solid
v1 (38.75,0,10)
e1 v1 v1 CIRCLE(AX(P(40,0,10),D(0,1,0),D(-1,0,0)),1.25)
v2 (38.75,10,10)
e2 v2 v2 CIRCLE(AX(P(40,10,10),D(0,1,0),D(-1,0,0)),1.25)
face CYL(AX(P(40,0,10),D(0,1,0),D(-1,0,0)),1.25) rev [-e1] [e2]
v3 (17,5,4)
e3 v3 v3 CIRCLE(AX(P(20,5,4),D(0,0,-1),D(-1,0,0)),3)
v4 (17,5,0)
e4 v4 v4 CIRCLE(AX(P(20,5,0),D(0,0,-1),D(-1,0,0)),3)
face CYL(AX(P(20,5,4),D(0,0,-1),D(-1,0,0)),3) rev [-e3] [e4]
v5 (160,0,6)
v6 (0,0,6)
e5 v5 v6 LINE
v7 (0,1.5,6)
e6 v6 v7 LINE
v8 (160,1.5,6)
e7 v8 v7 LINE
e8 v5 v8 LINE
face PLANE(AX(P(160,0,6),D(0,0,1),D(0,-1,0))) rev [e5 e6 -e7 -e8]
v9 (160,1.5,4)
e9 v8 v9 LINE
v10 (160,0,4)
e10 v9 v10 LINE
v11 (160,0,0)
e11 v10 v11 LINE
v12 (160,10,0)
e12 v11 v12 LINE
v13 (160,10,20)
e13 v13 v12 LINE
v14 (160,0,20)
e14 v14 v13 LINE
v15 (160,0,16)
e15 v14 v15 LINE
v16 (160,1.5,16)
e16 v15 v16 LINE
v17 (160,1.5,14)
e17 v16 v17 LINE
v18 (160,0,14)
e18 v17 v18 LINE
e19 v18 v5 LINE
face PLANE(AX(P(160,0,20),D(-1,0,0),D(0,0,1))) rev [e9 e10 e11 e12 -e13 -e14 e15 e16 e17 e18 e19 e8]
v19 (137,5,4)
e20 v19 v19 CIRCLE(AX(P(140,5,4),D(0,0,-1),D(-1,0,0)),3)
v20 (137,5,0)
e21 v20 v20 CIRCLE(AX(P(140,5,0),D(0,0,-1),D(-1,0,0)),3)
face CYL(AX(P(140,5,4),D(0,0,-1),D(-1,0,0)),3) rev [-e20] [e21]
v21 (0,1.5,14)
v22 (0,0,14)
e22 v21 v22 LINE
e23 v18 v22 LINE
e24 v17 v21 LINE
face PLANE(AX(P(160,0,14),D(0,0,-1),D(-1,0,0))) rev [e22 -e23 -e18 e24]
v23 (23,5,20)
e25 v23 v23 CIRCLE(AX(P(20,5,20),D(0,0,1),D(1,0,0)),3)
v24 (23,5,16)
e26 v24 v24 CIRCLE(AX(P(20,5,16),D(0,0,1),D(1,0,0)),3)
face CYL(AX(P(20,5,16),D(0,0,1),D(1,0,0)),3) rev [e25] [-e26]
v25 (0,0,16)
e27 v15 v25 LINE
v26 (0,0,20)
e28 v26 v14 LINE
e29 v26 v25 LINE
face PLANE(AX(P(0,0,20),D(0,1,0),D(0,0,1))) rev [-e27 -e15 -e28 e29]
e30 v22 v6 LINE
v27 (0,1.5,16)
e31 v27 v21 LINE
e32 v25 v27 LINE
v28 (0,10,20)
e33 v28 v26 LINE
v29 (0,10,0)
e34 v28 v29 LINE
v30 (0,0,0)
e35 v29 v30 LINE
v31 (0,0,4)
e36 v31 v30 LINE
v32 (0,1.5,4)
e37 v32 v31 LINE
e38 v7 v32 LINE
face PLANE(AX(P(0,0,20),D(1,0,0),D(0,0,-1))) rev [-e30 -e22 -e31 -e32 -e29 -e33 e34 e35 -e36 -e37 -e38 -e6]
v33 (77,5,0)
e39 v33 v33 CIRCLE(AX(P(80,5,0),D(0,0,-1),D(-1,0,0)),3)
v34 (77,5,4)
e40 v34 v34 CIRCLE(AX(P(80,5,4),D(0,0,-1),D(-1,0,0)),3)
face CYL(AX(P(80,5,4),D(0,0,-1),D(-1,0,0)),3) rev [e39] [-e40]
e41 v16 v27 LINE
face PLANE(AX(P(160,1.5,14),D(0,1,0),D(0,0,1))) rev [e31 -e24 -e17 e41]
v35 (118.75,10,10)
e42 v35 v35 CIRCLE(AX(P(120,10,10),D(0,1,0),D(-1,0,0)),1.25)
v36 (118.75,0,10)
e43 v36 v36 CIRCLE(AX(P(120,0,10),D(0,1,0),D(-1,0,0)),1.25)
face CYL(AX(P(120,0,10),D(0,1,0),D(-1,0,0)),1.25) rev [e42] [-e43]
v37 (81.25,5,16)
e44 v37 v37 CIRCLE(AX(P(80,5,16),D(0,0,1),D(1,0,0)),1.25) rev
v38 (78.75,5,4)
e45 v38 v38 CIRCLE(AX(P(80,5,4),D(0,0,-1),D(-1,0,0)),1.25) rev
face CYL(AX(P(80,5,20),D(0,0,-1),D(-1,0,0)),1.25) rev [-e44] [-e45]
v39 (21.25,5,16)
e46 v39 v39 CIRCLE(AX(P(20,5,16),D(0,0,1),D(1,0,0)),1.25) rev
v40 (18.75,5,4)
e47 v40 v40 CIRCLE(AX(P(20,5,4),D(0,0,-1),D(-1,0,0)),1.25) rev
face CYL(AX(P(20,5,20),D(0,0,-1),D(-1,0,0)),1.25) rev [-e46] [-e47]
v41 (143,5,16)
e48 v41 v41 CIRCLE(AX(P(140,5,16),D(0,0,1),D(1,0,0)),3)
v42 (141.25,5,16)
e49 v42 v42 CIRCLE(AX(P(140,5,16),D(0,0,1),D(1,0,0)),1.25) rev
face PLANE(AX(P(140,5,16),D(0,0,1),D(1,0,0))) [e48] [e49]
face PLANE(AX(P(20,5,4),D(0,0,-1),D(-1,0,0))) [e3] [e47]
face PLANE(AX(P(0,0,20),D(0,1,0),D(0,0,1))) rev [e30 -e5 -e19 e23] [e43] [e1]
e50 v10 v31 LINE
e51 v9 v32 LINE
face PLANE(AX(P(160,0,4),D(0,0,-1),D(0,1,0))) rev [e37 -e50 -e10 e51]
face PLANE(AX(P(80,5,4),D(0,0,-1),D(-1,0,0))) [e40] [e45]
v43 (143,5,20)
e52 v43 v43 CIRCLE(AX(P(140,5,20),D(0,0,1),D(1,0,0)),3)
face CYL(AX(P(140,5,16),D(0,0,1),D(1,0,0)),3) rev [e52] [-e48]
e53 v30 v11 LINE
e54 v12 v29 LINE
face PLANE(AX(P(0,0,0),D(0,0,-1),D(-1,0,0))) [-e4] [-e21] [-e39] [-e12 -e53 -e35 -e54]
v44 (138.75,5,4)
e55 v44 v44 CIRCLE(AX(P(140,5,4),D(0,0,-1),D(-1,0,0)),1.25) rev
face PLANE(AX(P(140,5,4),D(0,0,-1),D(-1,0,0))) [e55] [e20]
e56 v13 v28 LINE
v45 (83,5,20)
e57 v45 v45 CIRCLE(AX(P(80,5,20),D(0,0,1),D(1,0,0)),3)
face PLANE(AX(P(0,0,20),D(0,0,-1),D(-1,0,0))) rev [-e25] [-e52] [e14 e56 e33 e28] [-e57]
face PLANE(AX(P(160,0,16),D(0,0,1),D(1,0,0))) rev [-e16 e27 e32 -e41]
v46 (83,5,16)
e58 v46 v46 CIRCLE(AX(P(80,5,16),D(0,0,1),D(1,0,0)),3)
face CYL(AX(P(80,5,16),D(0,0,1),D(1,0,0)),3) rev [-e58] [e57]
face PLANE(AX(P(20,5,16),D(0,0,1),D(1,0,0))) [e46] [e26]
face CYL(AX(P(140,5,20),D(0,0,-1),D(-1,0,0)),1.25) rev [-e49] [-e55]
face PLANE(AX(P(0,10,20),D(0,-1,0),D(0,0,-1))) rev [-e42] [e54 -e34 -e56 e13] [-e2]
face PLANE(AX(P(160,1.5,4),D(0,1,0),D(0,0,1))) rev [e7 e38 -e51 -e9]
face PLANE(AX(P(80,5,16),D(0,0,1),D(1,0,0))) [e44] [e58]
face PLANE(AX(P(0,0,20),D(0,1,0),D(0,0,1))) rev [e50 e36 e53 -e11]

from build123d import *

# Parameters (mm, degrees)
IZIM1_W                     = 160
IZIM1_H                     = 10
Y_KSEKLIK_EKSTR_ZYON1_DEPTH = 20
IZIM6_W                     = 2
IZIM6_H                     = 1.5
KES_EKSTR_ZYON1_DEPTH       = 162.554944214
IZIM4_R                     = 1.25
CUT_EXTRUDE1_DEPTH          = 162.554944214
IZIM7_R                     = 1.25
CUT_EXTRUDE2_DEPTH          = 162.554944214
SKETCH1_R                   = 3
CUT_EXTRUDE3_DEPTH          = 4
CUT_EXTRUDE4_START          = -4
SKETCH2_R                   = 3
CUT_EXTRUDE4_DEPTH          = 4


with BuildPart() as part:
    # Çizim1 → Yükseklik-Ekstrüzyon1 (new body)
    with BuildSketch(Plane.XY):
        with Locations((80, 5)):
            Rectangle(IZIM1_W, IZIM1_H)
    extrude(amount=Y_KSEKLIK_EKSTR_ZYON1_DEPTH)

    # Çizim6 → Kes-Ekstrüzyon1 (cut, through all)
    with BuildSketch(Plane.ZY):
        with Locations((5, 0.75)):
            Rectangle(IZIM6_W, IZIM6_H)
        with Locations((15, 0.75)):
            Rectangle(IZIM6_W, IZIM6_H)
    extrude(amount=-KES_EKSTR_ZYON1_DEPTH, mode=Mode.SUBTRACT)

    # Çizim4 → Cut-Extrude1 (cut, through all)
    with BuildSketch(Plane(origin=(0, 10, 0), x_dir=(1, 0, 0), z_dir=(0, 1, 0))):
        with Locations(Location((40, -10, 0), (0, 0, 180))):
            Circle(IZIM4_R)
        with Locations(Location((120, -10, 0), (0, 0, 180))):
            Circle(IZIM4_R)
    extrude(amount=-CUT_EXTRUDE1_DEPTH, mode=Mode.SUBTRACT)

    # Çizim7 → Cut-Extrude2 (cut, through all)
    with BuildSketch(Plane(origin=(0, 0, 0), x_dir=(-1, 0, 0), z_dir=(0, 0, -1))):
        with Locations((-140, 5)):
            Circle(IZIM7_R)
        with Locations((-80, 5)):
            Circle(IZIM7_R)
        with Locations((-20, 5)):
            Circle(IZIM7_R)
    extrude(amount=-CUT_EXTRUDE2_DEPTH, mode=Mode.SUBTRACT)

    # Sketch1 → Cut-Extrude3 (cut)
    with BuildSketch(Plane(origin=(0, 0, 0), x_dir=(-1, 0, 0), z_dir=(0, 0, -1))):
        with Locations((-140, 5)):
            Circle(SKETCH1_R)
        with Locations((-80, 5)):
            Circle(SKETCH1_R)
        with Locations((-20, 5)):
            Circle(SKETCH1_R)
    extrude(amount=-CUT_EXTRUDE3_DEPTH, mode=Mode.SUBTRACT)

    # Sketch2 → Cut-Extrude4 (cut)
    with BuildSketch(Plane.XY.offset(20).offset(CUT_EXTRUDE4_START)):
        with Locations(Location((20, 5, 0), (0, 0, 180))):
            Circle(SKETCH2_R)
        with Locations(Location((80, 5, 0), (0, 0, 180))):
            Circle(SKETCH2_R)
        with Locations(Location((140, 5, 0), (0, 0, 180))):
            Circle(SKETCH2_R)
    extrude(amount=CUT_EXTRUDE4_DEPTH, mode=Mode.SUBTRACT)


solid = part.part
